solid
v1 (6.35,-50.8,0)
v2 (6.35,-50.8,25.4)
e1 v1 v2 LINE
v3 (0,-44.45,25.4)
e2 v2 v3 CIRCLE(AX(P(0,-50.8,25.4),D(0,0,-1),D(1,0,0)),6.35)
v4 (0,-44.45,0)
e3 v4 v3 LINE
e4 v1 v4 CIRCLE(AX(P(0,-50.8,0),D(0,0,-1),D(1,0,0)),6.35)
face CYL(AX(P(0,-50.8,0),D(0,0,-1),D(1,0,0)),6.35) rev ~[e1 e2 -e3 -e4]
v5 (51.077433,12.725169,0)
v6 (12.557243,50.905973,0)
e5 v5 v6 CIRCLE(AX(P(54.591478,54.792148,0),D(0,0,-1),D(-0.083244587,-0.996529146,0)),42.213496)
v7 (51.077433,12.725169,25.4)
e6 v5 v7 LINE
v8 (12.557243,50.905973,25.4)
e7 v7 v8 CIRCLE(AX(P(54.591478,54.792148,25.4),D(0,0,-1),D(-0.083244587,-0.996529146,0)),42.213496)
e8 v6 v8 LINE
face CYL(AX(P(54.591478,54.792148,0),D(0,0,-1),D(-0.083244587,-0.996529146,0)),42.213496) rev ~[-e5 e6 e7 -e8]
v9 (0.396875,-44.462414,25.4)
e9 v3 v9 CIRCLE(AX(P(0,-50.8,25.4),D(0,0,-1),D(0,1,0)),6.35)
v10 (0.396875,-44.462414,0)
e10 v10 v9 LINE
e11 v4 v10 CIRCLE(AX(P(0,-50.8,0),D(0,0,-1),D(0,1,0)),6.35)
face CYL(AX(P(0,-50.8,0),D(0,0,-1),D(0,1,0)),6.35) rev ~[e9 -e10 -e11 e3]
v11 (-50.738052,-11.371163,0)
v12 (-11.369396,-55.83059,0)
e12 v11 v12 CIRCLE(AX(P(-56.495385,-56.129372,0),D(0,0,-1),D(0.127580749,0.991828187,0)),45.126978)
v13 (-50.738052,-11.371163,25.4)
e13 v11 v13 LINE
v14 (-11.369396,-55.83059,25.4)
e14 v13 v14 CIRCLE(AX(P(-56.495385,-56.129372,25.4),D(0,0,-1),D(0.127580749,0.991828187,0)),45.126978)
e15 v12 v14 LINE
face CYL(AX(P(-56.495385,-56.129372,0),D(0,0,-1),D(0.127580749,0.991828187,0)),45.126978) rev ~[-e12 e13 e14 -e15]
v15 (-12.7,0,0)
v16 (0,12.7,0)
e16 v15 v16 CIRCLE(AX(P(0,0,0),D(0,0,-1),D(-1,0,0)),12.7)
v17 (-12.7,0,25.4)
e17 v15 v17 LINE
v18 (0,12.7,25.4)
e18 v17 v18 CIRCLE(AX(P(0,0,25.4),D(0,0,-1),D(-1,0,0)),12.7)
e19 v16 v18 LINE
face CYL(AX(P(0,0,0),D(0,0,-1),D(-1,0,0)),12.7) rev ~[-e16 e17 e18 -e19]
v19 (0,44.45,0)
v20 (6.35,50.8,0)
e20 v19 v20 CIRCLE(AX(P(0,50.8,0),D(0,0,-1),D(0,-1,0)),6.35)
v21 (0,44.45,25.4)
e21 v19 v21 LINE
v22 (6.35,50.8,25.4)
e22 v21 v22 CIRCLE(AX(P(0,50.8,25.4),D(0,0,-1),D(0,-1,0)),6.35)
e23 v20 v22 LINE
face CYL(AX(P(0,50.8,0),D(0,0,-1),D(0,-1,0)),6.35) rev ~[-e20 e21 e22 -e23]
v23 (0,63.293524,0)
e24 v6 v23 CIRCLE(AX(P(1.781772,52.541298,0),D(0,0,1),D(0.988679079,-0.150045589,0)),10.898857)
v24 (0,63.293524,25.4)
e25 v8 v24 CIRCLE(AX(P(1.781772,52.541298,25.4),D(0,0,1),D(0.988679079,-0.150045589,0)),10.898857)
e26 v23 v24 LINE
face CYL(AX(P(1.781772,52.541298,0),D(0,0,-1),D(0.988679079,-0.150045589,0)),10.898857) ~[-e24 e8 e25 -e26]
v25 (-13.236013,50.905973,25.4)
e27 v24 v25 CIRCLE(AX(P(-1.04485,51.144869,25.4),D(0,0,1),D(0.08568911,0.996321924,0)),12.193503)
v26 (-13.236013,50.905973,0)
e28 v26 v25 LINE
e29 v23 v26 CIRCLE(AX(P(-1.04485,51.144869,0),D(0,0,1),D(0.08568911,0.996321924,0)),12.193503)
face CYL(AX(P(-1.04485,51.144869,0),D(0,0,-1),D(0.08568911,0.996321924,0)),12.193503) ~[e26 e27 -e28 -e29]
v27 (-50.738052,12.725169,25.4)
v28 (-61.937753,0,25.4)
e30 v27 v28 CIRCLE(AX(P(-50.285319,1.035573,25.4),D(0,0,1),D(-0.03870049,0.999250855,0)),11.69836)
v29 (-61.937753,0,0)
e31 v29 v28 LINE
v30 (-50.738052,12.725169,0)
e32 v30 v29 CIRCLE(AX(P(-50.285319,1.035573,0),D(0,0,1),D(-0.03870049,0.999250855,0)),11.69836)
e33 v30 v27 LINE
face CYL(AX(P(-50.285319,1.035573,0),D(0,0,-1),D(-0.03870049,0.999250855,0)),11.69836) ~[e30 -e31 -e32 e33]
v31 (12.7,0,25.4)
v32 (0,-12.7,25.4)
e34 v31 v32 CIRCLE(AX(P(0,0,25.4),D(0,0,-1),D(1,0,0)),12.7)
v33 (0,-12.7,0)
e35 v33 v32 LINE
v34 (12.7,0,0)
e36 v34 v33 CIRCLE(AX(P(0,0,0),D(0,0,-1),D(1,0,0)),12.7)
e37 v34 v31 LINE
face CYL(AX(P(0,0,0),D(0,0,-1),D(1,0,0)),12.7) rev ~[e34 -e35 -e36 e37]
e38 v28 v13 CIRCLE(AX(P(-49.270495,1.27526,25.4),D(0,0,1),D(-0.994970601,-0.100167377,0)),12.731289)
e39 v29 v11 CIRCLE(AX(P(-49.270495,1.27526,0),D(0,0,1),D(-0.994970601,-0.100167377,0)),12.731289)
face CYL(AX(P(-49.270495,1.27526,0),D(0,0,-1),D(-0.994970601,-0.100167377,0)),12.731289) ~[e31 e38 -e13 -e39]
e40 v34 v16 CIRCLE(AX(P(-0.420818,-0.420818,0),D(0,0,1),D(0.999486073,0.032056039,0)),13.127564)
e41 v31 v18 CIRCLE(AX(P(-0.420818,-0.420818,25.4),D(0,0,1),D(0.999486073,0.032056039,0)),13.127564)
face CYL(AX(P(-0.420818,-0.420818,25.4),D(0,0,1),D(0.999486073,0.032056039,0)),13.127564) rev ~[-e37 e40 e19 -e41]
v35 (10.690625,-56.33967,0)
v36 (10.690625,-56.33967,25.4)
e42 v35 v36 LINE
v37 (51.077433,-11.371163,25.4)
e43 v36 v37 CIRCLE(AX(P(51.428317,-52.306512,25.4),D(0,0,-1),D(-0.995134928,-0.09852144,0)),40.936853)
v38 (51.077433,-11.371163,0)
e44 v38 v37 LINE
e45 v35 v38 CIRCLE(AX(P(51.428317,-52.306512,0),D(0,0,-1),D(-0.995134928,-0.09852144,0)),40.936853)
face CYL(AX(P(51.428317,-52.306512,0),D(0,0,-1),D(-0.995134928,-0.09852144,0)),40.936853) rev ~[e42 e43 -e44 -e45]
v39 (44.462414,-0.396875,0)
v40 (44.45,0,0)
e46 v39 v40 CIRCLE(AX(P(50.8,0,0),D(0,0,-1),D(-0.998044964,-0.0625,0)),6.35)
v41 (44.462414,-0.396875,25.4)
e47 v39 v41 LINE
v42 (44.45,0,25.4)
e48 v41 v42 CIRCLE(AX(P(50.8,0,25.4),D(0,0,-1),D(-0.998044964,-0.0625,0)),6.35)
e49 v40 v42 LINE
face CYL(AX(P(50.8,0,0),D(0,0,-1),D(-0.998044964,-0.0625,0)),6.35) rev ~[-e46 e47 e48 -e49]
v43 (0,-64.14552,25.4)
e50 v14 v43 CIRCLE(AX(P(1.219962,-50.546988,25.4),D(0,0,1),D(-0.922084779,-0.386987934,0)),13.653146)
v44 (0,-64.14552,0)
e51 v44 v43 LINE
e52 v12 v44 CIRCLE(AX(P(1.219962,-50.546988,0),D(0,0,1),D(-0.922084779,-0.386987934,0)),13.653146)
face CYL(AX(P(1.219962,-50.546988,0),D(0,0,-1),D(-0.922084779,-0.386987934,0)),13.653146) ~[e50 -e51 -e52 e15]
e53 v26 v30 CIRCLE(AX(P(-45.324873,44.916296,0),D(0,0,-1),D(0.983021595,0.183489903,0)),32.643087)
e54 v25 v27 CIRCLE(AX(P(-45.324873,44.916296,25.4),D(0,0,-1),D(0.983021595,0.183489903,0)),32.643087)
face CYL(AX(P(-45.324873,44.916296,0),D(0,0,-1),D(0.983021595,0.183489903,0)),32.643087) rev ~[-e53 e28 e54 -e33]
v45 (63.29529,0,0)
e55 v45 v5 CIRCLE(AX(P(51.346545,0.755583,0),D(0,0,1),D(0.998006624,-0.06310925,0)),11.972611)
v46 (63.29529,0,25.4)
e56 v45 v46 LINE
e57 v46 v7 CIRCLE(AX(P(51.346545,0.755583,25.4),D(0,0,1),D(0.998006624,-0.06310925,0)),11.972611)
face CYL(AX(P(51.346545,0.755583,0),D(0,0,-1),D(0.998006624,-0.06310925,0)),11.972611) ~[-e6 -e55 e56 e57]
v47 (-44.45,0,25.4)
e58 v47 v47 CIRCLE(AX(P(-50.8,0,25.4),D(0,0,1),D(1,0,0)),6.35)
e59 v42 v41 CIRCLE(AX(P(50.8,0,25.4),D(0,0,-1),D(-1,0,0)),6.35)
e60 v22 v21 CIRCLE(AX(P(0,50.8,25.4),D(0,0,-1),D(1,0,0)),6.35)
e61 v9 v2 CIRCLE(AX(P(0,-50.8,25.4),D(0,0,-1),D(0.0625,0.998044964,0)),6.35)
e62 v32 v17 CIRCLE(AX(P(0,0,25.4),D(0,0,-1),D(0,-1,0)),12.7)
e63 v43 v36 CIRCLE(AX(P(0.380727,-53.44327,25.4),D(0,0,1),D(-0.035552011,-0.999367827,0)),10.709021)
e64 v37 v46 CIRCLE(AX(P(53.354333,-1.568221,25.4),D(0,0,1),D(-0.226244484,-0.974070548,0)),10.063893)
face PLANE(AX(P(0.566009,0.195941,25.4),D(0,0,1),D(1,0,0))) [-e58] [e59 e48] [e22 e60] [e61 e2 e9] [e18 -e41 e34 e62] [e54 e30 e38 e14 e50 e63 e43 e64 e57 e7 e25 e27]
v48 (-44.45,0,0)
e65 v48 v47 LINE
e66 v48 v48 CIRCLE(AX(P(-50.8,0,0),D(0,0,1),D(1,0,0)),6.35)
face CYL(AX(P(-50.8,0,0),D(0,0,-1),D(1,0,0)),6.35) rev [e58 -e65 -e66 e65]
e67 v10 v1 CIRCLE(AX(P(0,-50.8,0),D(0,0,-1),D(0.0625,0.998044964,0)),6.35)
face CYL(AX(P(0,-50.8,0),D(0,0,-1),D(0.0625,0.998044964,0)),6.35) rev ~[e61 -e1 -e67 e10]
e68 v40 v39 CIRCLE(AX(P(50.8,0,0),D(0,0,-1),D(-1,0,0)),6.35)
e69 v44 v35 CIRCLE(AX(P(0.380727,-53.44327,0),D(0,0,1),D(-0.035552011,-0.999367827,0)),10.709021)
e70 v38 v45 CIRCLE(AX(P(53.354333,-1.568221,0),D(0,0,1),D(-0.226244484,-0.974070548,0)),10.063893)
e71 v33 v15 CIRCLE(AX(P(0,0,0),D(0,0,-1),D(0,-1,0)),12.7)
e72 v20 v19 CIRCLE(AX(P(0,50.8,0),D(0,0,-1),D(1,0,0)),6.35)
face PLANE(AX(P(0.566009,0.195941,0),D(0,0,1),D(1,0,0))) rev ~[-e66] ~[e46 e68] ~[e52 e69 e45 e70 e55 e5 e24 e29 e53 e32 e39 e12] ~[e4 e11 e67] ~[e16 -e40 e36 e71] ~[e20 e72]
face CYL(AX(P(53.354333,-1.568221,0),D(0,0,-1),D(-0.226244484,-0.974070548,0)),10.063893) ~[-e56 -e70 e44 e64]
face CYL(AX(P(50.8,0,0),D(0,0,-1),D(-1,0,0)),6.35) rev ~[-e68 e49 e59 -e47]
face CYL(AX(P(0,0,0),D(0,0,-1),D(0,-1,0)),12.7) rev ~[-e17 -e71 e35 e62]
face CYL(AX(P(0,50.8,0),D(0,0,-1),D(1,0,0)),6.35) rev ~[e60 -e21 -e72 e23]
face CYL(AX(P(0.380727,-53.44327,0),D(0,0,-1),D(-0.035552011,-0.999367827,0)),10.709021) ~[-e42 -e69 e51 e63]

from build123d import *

# Parameters (mm, degrees)
F0_R     = 6.35
F1_DEPTH = 25.4
F3_DEPTH = 25.4


with BuildPart() as f1:
    # F0 (on Top) → F1 (new body)
    with BuildSketch(Plane.XY):
        with BuildLine():
            ThreePointArc((-50.7380515337, -11.37116272), (-22.7102062847, -26.2127233144), (-11.3693960011, -55.8305904269))
            ThreePointArc((-11.3693960011, -55.8305904269), (-6.8397429527, -61.5674028428), (0, -64.1455203295))
            ThreePointArc((0, -64.1455203295), (6.695783126, -62.0921535044), (10.6906248257, -56.3396699727))
            ThreePointArc((10.6906248257, -56.3396699727), (20.9716358365, -24.9529657184), (51.0774329305, -11.37116272))
            ThreePointArc((51.0774329305, -11.37116272), (60.2107371644, -8.9351514625), (63.2952898741, 0))
            ThreePointArc((63.2952898741, 0), (59.9828598403, 9.0475953841), (51.0774329305, 12.7251688391))
            ThreePointArc((51.0774329305, 12.7251688391), (24.8743970373, 24.8109146168), (12.557242997, 50.9059727192))
            ThreePointArc((12.557242997, 50.9059727192), (9.4358238509, 60.3001998847), (0, 63.2935240865))
            ThreePointArc((0, 63.2935240865), (-9.376892628, 60.0475990832), (-13.2360132411, 50.9059727192))
            ThreePointArc((-13.2360132411, 50.9059727192), (-22.0366477113, 22.0420807206), (-50.7380515337, 12.7251688391))
            ThreePointArc((-50.7380515337, 12.7251688391), (-59.0669046696, 8.7644395367), (-61.9377531111, 0))
            ThreePointArc((-61.9377531111, 0), (-58.3410010387, -7.6584761646), (-50.7380515337, -11.37116272))
        make_face()
        with BuildLine():
            ThreePointArc((6.35, -50.8), (-4.4901280605, -55.2901280605), (0, -44.45))
            ThreePointArc((0, -44.45), (0.1985345593, -44.4531043786), (0.396875, -44.4624144791))
            ThreePointArc((0.396875, -44.4624144791), (4.6283180665, -46.4524521998), (6.35, -50.8))
        make_face(mode=Mode.SUBTRACT)
        with Locations((-50.8, 0)):
            Circle(F0_R, mode=Mode.SUBTRACT)
        with BuildLine():
            ThreePointArc((0, 12.7), (8.9802561211, 8.9802561211), (12.7, 0))
            ThreePointArc((12.7, 0), (8.9802561211, -8.9802561211), (0, -12.7))
            ThreePointArc((0, -12.7), (-8.9802561211, -8.9802561211), (-12.7, 0))
            ThreePointArc((-12.7, 0), (-8.9802561211, 8.9802561211), (0, 12.7))
        make_face(mode=Mode.SUBTRACT)
        with BuildLine():
            ThreePointArc((6.35, 50.8), (4.4901280605, 46.3098719395), (0, 44.45))
            ThreePointArc((0, 44.45), (-4.4901280605, 55.2901280605), (6.35, 50.8))
        make_face(mode=Mode.SUBTRACT)
        with BuildLine():
            ThreePointArc((44.4624144791, -0.396875), (44.4531043786, -0.1985345593), (44.45, 0))
            ThreePointArc((44.45, 0), (50.8, 6.35), (57.15, 0))
            ThreePointArc((57.15, 0), (50.9985345593, -6.3468956214), (44.4624144791, -0.396875))
        make_face(mode=Mode.SUBTRACT)
        with BuildLine():
            Line((0, 0), (12.7, 0))
            ThreePointArc((12.7, 0), (8.9802561211, 8.9802561211), (0, 12.7))
            Line((0, 12.7), (0, 0))
        make_face()
    extrude(amount=F1_DEPTH)

    # F2 (on face) → F3 (cut)
    with BuildSketch(Plane.XY.offset(25.4)):
        with BuildLine():
            Line((0, 0), (12.7, 0))
            ThreePointArc((12.7, 0), (8.8617720381, 8.8617720381), (0, 12.7))
            Line((0, 12.7), (0, 0))
        make_face()
    extrude(amount=-F3_DEPTH, mode=Mode.SUBTRACT)


solid = f1.part
